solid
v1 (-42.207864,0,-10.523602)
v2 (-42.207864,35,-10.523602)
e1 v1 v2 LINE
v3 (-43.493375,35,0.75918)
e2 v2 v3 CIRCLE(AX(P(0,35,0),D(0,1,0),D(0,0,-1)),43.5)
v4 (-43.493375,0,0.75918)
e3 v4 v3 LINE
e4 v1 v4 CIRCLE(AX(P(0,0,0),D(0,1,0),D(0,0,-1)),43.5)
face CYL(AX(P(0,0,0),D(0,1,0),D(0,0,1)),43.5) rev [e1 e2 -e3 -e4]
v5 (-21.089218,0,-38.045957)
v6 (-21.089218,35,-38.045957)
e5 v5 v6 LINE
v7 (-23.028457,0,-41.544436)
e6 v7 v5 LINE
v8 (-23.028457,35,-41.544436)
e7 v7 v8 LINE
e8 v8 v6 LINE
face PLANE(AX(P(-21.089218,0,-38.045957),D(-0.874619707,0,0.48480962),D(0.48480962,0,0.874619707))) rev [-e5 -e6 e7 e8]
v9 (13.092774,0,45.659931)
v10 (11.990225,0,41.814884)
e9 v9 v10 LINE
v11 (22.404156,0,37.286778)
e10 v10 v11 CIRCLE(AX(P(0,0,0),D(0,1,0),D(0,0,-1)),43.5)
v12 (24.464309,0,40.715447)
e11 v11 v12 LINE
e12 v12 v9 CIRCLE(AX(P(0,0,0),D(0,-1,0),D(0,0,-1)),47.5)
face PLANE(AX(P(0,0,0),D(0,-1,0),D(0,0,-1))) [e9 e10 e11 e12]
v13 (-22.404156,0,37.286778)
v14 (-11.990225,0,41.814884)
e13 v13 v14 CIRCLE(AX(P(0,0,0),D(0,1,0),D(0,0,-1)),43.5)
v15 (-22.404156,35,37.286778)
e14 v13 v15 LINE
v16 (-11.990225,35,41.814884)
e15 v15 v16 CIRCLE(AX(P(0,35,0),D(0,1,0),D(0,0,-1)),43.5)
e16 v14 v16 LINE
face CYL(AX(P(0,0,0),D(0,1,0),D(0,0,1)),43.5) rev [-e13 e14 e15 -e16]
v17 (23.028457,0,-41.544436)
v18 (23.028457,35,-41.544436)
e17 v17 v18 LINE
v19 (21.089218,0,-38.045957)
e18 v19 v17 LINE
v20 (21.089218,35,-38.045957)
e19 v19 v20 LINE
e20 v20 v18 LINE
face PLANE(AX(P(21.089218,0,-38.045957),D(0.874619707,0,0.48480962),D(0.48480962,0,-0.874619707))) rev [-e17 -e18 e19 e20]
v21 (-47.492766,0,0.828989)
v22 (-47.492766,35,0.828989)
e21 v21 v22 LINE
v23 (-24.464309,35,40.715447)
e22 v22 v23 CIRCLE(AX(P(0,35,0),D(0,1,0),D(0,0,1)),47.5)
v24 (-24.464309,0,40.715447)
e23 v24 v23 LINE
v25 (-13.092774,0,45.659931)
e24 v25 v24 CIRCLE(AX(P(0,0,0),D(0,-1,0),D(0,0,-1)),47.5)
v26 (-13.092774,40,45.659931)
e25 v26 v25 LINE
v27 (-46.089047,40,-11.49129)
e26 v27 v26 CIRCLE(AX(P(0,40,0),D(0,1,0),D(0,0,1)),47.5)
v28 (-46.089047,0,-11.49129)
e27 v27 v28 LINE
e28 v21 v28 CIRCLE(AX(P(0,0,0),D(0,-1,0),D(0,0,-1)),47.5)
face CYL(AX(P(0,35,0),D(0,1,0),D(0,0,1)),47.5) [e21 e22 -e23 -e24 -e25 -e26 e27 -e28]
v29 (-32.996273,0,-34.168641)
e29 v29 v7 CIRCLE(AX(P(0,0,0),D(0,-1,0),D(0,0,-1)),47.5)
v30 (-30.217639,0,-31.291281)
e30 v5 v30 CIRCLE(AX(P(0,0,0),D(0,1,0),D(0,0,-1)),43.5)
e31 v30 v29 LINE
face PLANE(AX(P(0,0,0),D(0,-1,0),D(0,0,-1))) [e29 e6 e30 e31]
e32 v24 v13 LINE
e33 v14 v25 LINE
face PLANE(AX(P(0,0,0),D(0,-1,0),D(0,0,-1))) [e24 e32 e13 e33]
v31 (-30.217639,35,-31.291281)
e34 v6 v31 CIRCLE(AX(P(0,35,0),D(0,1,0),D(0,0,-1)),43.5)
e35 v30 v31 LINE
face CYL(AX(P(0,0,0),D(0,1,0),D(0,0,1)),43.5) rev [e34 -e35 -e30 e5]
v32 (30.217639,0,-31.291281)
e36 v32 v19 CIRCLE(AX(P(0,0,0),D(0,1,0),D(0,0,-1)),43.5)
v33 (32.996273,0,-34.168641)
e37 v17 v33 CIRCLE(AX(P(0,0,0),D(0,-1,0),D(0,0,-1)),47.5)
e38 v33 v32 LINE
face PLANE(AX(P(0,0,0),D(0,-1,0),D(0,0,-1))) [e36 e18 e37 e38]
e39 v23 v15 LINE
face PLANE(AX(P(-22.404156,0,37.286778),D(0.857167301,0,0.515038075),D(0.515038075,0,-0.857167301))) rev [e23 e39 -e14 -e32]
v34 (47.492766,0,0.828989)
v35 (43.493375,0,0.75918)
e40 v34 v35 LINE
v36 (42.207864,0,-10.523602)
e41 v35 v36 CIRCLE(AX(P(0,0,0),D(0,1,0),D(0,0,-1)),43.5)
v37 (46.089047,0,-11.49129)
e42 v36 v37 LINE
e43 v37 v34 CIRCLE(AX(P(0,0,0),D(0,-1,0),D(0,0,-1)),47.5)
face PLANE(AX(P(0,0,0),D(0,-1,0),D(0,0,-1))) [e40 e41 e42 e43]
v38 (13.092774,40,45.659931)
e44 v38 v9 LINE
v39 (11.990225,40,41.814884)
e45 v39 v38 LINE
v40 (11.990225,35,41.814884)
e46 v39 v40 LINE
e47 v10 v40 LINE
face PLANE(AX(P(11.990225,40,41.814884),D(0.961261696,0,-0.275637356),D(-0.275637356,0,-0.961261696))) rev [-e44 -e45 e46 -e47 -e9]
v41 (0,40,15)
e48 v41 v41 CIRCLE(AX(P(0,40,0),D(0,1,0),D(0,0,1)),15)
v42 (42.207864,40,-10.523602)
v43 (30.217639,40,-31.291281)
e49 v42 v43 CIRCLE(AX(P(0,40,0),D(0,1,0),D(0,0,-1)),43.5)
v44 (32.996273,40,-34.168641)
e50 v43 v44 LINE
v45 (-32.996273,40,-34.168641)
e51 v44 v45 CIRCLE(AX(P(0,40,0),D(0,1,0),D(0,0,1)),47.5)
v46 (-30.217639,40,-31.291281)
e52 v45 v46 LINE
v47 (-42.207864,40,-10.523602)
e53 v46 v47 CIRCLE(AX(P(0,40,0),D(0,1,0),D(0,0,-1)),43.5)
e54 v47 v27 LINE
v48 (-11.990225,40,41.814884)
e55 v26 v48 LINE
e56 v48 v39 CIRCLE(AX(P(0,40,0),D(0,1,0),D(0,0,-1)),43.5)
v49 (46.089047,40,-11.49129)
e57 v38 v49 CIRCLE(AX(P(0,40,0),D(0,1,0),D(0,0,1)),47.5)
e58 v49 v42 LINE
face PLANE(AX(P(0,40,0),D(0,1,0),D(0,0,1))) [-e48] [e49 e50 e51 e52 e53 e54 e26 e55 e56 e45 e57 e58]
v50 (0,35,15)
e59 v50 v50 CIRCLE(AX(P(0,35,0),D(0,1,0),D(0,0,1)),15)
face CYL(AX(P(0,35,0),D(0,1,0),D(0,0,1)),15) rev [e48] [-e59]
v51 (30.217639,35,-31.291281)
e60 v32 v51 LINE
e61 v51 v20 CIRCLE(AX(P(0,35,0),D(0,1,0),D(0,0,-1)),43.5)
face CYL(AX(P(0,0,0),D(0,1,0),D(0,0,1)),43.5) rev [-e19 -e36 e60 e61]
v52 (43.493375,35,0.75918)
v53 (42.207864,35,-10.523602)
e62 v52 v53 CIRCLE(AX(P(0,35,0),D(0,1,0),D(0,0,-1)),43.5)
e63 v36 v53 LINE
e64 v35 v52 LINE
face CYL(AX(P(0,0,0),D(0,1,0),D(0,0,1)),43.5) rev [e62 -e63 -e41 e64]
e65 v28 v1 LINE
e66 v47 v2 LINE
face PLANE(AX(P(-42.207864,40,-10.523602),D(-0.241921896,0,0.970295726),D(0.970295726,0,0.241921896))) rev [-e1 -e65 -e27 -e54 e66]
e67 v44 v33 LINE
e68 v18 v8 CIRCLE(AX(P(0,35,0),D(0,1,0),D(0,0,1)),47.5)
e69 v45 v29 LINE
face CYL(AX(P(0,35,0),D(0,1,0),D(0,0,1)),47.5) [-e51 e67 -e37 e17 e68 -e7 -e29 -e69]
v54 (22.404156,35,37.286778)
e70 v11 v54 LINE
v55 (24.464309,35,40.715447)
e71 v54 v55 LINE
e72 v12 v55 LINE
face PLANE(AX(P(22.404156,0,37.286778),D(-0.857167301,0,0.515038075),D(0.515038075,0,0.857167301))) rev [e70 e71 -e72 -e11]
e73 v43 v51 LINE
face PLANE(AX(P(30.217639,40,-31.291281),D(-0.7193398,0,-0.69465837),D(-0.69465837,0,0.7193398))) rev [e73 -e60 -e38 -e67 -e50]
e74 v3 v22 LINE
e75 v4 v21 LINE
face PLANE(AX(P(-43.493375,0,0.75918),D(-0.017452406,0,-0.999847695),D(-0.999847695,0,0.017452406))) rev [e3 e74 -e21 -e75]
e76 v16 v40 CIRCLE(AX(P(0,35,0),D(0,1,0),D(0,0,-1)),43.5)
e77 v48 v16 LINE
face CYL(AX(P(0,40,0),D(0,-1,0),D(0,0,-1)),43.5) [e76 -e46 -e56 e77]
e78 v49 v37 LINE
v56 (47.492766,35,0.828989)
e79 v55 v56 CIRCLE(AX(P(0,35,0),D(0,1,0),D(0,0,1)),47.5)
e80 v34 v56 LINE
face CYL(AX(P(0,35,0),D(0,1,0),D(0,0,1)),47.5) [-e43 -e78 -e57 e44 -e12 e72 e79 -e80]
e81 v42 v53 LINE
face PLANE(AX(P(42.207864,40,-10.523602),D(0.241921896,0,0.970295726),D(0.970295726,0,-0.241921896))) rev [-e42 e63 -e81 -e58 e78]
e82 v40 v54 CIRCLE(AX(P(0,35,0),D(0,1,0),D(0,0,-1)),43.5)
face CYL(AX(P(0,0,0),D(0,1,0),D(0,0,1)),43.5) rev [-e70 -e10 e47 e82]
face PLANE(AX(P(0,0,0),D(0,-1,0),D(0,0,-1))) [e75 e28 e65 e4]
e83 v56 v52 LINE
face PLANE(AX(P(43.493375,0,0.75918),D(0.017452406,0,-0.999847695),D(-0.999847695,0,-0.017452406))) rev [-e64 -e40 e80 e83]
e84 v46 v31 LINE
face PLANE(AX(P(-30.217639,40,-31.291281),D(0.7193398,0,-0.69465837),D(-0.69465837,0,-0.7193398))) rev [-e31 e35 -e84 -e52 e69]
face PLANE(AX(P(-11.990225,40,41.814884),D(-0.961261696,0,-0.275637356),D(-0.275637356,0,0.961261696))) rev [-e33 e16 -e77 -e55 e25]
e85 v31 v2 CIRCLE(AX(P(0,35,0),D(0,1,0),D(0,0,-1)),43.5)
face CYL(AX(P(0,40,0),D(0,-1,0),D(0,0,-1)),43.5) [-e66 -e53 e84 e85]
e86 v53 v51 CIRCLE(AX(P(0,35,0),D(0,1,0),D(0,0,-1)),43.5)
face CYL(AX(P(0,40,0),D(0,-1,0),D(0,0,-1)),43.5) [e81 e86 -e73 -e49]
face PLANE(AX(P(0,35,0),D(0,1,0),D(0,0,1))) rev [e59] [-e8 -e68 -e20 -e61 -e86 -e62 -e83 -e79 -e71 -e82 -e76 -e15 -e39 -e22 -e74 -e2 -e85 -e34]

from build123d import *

# Parameters (mm, degrees)
CROQUIS2_R              = 47.5
CROQUIS2_R_2            = 15
SALIENTE_EXTRUIR1_DEPTH = 5
CORTAR_EXTRUIR1_START   = -5
CORTAR_EXTRUIR1_DEPTH   = 5
SALIENTE_EXTRUIR2_DEPTH = 35


with BuildPart() as part:
    # Croquis2 → Saliente-Extruir1 (new body)
    with BuildSketch(Plane(origin=(0, 40, 0), x_dir=(1, 0, 0), z_dir=(0, 1, 0))):
        with Locations(Location((0, 0, 0), (0, 0, 270))):
            Circle(CROQUIS2_R)
        with Locations(Location((0, 0, 0), (0, 0, 270))):
            Circle(CROQUIS2_R_2, mode=Mode.SUBTRACT)
    extrude(amount=-SALIENTE_EXTRUIR1_DEPTH)

    # Croquis3 → Cortar-Extruir1 (cut)
    with BuildSketch(Plane.XZ.offset(-35).offset(CORTAR_EXTRUIR1_START)):
        with BuildLine():
            Line((-11.990224978, 41.814883773), (-13.092774401, 45.659930557))
            ThreePointArc((-13.092774401, 45.659930557), (0, 47.5), (13.092774401, 45.659930557))
            Line((13.092774401, 45.659930557), (11.990224978, 41.814883773))
            ThreePointArc((11.990224978, 41.814883773), (0, 43.5), (-11.990224978, 41.814883773))
        make_face()
        with BuildLine():
            Line((30.217639115, -31.291281315), (32.996272597, -34.168640516))
            ThreePointArc((32.996272597, -34.168640516), (41.13620668, -23.75), (46.089046998, -11.491290041))
            Line((46.089046998, -11.491290041), (42.207864093, -10.523602459))
            ThreePointArc((42.207864093, -10.523602459), (37.672105065, -21.75), (30.217639115, -31.291281315))
        make_face()
        with BuildLine():
            Line((-42.207864093, -10.523602459), (-46.089046998, -11.491290041))
            ThreePointArc((-46.089046998, -11.491290041), (-41.13620668, -23.75), (-32.996272597, -34.168640516))
            Line((-32.996272597, -34.168640516), (-30.217639115, -31.291281315))
            ThreePointArc((-30.217639115, -31.291281315), (-37.672105065, -21.75), (-42.207864093, -10.523602459))
        make_face()
    extrude(amount=CORTAR_EXTRUIR1_DEPTH, mode=Mode.SUBTRACT)

    # Croquis4 → Saliente-Extruir2 (add)
    with BuildSketch(Plane.XZ.offset(-35)):
        with BuildLine():
            Line((-43.493374739, 0.75917968), (-47.49276552, 0.828989306))
            ThreePointArc((-47.49276552, 0.828989306), (-47.194663145, -5.377152654), (-46.089046998, -11.491290041))
            Line((-46.089046998, -11.491290041), (-42.207864093, -10.523602459))
            ThreePointArc((-42.207864093, -10.523602459), (-43.220375722, -4.924339799), (-43.493374739, 0.75917968))
        make_face()
        with BuildLine():
            Line((-22.404156259, 37.286777581), (-24.464308558, 40.715446783))
            ThreePointArc((-24.464308558, 40.715446783), (-18.940580774, 43.560353533), (-13.092774401, 45.659930557))
            Line((-13.092774401, 45.659930557), (-11.990224978, 41.814883773))
            ThreePointArc((-11.990224978, 41.814883773), (-17.345584498, 39.892113236), (-22.404156259, 37.286777581))
        make_face()
        with BuildLine():
            Line((43.493374739, 0.75917968), (47.49276552, 0.828989306))
            ThreePointArc((47.49276552, 0.828989306), (47.194663145, -5.377152654), (46.089046998, -11.491290041))
            Line((46.089046998, -11.491290041), (42.207864093, -10.523602459))
            ThreePointArc((42.207864093, -10.523602459), (43.220375722, -4.924339799), (43.493374739, 0.75917968))
        make_face()
        with BuildLine():
            Line((22.404156259, 37.286777581), (24.464308558, 40.715446783))
            ThreePointArc((24.464308558, 40.715446783), (18.940580774, 43.560353533), (13.092774401, 45.659930557))
            Line((13.092774401, 45.659930557), (11.990224978, 41.814883773))
            ThreePointArc((11.990224978, 41.814883773), (17.345584498, 39.892113236), (22.404156259, 37.286777581))
        make_face()
        with BuildLine():
            Line((-21.089218481, -38.045957261), (-23.028456962, -41.544436089))
            ThreePointArc((-23.028456962, -41.544436089), (-28.254082371, -38.183200879), (-32.996272597, -34.168640516))
            Line((-32.996272597, -34.168640516), (-30.217639115, -31.291281315))
            ThreePointArc((-30.217639115, -31.291281315), (-25.874791224, -34.967773437), (-21.089218481, -38.045957261))
        make_face()
        with BuildLine():
            Line((21.089218481, -38.045957261), (23.028456962, -41.544436089))
            ThreePointArc((23.028456962, -41.544436089), (28.254082371, -38.183200879), (32.996272597, -34.168640516))
            Line((32.996272597, -34.168640516), (30.217639115, -31.291281315))
            ThreePointArc((30.217639115, -31.291281315), (25.874791224, -34.967773437), (21.089218481, -38.045957261))
        make_face()
    extrude(amount=SALIENTE_EXTRUIR2_DEPTH)


solid = part.part
